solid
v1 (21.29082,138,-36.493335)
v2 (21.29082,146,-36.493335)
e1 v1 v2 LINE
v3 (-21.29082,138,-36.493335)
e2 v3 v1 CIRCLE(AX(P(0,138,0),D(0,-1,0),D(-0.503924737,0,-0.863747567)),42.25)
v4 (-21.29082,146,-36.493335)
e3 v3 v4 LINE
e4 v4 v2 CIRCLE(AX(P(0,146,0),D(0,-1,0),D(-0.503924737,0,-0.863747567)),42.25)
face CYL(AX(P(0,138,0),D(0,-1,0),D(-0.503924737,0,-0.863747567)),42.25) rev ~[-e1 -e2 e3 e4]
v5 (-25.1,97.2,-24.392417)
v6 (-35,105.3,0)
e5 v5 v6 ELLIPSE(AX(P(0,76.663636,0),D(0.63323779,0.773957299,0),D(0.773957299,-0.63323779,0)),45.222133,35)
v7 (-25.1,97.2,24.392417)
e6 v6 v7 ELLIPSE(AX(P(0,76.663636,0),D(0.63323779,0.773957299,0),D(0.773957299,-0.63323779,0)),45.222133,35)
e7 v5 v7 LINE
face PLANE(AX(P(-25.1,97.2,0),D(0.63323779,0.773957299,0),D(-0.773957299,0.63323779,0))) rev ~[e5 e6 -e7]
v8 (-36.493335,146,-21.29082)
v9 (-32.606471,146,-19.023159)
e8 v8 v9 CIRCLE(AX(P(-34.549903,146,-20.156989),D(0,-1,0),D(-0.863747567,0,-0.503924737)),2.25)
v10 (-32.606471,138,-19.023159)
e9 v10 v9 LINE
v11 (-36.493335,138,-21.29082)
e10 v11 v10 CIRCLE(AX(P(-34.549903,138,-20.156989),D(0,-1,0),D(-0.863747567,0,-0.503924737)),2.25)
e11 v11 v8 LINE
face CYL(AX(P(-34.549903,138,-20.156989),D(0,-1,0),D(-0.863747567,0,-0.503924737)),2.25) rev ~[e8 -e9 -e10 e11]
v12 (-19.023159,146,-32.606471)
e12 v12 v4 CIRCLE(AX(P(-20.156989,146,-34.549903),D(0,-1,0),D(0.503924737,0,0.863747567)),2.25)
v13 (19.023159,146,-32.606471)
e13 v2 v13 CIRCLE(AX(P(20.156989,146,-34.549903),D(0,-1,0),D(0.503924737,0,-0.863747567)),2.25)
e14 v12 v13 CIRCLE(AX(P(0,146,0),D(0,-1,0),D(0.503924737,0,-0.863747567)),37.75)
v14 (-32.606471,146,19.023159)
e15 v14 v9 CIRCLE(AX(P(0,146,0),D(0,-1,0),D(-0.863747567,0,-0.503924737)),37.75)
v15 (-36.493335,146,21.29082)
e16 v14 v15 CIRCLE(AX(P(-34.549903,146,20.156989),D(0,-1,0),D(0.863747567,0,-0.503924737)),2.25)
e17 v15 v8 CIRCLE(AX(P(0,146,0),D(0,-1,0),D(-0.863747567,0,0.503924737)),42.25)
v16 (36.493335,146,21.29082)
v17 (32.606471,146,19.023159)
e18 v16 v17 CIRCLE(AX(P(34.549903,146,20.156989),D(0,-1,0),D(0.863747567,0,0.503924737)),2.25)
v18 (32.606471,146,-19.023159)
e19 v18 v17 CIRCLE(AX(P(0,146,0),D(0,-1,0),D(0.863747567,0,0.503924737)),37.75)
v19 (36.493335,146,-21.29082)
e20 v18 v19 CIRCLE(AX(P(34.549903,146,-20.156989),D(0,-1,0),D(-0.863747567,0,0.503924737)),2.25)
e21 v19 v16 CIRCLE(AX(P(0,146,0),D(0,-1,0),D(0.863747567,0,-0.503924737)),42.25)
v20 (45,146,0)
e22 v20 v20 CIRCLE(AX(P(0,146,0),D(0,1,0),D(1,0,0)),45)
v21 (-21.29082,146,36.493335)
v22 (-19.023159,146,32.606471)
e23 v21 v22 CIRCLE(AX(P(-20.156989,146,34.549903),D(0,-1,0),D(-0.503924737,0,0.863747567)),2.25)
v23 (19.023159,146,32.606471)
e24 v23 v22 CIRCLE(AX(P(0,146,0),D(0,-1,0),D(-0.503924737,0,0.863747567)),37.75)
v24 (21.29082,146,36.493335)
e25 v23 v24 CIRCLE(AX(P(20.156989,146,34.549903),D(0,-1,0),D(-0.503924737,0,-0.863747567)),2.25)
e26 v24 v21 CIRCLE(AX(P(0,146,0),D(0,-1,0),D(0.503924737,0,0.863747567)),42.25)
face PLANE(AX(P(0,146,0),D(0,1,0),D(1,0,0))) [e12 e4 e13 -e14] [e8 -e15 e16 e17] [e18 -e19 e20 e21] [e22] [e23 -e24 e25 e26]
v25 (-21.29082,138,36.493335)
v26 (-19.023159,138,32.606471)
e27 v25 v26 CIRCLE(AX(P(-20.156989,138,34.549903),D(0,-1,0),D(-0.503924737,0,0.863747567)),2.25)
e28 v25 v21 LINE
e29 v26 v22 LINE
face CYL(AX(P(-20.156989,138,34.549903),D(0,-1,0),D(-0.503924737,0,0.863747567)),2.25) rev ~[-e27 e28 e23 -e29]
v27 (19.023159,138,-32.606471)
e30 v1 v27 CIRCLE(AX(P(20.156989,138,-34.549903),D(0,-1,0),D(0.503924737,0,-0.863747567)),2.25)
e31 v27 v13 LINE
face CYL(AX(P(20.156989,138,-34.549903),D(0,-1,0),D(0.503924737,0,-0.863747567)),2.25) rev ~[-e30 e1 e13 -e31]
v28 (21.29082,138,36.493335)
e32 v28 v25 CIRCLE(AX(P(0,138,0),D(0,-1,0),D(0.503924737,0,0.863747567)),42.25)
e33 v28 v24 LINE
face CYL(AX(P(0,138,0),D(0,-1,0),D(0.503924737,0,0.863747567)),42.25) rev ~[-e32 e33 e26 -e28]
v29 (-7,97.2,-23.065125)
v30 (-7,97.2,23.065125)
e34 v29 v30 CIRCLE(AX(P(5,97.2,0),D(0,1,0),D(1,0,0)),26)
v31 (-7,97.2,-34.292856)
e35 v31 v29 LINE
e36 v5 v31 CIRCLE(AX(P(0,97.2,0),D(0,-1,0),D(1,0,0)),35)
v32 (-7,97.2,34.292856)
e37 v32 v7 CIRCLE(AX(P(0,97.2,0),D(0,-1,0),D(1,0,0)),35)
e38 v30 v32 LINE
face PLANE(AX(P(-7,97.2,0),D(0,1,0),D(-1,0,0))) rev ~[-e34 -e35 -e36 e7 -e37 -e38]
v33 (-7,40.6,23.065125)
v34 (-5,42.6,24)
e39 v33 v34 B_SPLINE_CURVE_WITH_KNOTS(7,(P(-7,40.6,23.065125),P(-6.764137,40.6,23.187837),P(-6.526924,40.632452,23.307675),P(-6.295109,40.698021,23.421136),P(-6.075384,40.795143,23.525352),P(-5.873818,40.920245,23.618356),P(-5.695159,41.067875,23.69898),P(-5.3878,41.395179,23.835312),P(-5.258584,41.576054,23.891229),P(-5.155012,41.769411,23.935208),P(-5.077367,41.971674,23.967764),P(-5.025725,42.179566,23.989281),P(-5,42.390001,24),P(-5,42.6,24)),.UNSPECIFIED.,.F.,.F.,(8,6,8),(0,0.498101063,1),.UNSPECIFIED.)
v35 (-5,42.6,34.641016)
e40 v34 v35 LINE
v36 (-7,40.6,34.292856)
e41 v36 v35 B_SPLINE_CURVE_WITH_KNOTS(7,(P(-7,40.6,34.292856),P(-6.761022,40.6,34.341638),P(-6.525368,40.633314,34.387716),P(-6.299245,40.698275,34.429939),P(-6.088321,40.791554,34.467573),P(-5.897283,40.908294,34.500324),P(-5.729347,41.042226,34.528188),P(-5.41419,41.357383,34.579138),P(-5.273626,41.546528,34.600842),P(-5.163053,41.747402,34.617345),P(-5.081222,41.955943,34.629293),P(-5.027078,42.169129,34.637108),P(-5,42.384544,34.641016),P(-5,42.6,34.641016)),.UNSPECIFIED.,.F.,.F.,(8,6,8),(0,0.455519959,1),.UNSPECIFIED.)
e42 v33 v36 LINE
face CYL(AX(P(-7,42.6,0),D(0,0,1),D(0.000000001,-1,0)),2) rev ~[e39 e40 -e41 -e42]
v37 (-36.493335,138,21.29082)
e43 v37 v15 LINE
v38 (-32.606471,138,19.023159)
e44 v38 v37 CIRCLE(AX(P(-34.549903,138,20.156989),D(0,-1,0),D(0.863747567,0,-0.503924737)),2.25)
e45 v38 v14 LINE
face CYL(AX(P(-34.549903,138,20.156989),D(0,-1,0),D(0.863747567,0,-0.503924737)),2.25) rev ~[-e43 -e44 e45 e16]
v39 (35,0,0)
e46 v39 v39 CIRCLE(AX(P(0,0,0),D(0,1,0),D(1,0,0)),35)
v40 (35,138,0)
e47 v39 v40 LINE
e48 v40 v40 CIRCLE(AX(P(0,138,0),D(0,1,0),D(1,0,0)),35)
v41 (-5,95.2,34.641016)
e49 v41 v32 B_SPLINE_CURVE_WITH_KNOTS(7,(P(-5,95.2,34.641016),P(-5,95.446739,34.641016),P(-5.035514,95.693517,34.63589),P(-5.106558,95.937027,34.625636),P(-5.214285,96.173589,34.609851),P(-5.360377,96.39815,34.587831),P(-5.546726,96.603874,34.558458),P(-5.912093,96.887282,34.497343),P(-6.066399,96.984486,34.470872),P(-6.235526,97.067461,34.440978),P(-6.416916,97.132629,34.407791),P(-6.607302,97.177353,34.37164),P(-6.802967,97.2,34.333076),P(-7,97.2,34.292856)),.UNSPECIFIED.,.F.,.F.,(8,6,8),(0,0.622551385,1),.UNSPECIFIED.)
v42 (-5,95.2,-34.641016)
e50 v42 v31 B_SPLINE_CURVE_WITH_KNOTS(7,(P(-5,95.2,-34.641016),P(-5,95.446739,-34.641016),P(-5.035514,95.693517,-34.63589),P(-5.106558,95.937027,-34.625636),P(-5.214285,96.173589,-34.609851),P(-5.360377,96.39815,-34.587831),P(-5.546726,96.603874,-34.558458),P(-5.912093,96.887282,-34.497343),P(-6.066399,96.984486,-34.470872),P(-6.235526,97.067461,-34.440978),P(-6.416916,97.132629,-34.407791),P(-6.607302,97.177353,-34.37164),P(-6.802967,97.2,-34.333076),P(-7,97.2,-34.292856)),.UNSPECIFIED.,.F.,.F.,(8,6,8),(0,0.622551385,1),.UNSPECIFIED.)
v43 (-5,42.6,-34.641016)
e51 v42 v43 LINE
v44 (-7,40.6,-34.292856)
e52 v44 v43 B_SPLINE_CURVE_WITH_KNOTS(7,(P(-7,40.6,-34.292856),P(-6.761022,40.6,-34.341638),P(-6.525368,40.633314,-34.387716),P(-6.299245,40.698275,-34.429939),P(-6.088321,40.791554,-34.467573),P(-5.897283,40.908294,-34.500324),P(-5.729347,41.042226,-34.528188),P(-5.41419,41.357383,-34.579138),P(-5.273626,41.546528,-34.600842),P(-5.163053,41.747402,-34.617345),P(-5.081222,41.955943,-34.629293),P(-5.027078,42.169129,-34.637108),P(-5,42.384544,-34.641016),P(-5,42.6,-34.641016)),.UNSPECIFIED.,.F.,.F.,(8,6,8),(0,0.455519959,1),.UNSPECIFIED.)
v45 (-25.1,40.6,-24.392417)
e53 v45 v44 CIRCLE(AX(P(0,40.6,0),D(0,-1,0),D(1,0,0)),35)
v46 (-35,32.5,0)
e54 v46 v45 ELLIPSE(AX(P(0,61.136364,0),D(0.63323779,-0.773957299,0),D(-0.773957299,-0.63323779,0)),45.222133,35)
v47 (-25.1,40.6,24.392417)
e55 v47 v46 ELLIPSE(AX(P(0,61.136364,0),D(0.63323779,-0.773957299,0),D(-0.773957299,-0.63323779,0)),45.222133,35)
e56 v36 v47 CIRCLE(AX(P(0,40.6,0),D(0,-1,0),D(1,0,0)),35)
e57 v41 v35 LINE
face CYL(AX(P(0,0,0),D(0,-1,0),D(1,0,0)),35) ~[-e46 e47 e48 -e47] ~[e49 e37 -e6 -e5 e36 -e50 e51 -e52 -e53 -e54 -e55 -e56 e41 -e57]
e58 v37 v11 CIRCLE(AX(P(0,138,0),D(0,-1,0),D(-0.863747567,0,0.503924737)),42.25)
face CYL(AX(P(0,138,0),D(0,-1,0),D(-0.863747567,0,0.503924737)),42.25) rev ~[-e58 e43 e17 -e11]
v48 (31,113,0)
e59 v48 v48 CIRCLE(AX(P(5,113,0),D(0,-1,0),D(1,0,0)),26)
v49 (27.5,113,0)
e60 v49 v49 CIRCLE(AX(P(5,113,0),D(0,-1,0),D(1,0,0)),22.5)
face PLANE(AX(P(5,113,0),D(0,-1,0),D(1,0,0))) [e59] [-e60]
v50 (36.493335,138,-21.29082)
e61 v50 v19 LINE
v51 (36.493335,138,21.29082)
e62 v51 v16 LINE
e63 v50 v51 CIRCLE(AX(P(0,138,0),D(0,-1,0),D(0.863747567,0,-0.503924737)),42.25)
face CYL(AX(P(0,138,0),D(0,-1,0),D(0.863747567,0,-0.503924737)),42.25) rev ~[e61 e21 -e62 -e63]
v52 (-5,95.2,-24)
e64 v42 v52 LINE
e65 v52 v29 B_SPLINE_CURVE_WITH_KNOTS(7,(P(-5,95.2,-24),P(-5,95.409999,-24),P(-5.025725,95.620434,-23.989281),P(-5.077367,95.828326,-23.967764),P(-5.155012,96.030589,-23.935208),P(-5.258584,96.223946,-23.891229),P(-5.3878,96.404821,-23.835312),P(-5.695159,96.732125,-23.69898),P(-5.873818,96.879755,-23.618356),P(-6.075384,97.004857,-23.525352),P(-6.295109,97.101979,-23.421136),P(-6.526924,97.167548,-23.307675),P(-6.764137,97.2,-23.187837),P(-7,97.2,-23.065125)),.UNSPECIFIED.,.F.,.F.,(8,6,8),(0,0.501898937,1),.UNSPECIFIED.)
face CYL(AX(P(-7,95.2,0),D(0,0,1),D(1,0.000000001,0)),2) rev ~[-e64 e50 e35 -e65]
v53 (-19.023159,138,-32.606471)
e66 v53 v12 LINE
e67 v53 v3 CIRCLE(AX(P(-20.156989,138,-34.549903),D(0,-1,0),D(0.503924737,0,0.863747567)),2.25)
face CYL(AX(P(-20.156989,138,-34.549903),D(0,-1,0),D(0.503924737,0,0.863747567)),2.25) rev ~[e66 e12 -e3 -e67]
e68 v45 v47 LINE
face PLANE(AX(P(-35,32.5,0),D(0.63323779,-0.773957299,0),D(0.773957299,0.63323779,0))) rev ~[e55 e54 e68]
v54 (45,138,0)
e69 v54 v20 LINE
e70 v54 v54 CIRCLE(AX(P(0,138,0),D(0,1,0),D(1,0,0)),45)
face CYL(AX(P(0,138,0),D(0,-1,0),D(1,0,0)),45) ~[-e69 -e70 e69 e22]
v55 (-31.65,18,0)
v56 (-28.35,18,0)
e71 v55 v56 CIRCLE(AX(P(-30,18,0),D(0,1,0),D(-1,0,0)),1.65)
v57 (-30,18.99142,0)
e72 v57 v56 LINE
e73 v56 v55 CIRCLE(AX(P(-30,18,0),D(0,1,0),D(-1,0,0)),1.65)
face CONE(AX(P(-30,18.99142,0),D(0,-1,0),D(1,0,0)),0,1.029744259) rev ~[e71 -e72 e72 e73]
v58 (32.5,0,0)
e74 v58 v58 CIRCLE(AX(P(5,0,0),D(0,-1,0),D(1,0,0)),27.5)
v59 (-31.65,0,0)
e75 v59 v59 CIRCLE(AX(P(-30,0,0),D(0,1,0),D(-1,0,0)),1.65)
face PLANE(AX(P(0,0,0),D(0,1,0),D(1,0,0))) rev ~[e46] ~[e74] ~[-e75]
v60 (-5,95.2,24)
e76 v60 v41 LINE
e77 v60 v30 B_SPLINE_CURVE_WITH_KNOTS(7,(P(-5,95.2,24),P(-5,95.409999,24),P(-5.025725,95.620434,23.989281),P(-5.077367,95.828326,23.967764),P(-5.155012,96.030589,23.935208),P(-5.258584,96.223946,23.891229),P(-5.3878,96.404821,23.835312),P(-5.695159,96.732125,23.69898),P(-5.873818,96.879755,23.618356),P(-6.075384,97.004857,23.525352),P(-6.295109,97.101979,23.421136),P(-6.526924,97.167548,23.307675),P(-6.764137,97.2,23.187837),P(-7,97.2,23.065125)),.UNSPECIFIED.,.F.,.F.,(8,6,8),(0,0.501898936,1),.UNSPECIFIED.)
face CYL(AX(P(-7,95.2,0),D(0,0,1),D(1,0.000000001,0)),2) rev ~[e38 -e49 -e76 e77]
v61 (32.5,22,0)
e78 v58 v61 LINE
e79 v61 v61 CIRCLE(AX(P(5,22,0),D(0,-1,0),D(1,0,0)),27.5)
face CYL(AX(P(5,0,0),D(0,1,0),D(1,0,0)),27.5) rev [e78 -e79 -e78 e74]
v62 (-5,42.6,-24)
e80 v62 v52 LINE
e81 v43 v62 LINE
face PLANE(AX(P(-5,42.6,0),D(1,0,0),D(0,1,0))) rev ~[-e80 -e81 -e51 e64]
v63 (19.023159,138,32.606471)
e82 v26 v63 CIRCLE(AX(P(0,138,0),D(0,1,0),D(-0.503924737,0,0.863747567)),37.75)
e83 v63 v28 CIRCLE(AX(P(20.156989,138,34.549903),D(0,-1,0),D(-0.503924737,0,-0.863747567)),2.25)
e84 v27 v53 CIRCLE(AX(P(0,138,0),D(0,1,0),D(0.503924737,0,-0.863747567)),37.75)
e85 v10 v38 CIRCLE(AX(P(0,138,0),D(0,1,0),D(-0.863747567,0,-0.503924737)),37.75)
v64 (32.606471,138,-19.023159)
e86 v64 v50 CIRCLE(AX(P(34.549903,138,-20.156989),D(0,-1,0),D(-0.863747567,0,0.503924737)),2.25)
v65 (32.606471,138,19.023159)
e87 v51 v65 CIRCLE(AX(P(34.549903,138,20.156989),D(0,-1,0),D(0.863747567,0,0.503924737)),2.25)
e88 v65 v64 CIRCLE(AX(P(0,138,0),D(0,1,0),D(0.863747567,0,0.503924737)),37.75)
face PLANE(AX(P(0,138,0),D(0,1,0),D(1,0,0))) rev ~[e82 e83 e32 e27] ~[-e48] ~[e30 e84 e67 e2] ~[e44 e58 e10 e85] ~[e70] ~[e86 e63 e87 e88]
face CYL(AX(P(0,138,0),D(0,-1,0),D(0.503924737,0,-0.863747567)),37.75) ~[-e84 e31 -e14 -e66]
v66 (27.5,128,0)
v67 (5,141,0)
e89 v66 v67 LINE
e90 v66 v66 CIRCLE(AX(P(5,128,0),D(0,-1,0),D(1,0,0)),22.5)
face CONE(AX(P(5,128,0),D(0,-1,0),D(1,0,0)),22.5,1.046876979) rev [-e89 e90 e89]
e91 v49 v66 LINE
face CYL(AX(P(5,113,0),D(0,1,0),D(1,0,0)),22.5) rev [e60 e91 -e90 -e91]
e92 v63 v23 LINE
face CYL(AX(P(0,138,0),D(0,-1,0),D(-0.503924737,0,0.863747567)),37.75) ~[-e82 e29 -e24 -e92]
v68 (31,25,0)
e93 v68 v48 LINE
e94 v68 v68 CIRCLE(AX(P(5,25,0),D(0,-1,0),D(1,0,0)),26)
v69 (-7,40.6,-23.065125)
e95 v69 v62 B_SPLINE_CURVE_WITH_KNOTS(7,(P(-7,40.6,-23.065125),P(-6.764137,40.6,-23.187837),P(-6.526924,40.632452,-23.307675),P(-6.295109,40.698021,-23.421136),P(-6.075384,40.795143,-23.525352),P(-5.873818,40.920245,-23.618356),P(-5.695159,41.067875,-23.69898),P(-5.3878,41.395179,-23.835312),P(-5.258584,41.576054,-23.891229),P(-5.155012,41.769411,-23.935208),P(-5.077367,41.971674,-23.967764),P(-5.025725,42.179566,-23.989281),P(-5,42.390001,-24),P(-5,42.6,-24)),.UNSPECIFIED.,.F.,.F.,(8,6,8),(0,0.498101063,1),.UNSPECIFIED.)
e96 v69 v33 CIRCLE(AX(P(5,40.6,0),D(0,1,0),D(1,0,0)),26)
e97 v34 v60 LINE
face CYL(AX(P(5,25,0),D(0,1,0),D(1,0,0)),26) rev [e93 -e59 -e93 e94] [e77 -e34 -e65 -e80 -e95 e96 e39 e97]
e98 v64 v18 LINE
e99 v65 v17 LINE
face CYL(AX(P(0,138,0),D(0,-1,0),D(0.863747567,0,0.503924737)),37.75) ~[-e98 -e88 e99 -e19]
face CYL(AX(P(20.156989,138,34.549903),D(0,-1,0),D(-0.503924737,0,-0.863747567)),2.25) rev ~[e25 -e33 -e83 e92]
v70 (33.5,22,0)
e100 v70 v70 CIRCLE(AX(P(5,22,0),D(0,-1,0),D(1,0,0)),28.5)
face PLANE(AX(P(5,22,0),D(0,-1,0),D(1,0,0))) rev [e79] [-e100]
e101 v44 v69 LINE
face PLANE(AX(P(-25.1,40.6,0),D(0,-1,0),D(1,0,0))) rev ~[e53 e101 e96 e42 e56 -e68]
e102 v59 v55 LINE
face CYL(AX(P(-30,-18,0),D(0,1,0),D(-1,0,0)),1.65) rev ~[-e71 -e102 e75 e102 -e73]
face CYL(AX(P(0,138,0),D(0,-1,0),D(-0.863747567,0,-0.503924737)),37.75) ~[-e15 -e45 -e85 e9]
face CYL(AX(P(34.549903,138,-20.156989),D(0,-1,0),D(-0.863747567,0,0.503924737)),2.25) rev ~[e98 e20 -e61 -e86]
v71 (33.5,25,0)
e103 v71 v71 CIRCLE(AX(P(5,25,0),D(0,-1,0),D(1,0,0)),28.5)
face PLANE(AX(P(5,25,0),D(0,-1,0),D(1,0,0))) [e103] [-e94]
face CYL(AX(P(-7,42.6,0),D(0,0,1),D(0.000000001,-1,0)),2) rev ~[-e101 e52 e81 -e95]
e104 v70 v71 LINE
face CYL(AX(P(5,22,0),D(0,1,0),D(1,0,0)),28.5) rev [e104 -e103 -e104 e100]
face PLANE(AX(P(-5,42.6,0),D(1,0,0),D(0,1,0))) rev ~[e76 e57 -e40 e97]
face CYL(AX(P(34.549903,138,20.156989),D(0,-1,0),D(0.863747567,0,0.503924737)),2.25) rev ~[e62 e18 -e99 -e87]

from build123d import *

# Parameters (mm, degrees)
CROQUIS1_R                = 35
SALIENTE_EXTRUIR1_DEPTH   = 138
CROQUIS2_R                = 45
SALIENTE_EXTRUIR2_DEPTH   = 8
CORTAR_EXTRUIR1_DEPTH     = 83.5
CORTAR_EXTRUIR2_DEPTH     = 167
TALADRO_ROSCADO_M41_D     = 3.3
TALADRO_ROSCADO_M41_DEPTH = 18
TALADRO_ROSCADO_M41_TIP   = 0.991420021


with BuildPart() as part:
    # Croquis1 → Saliente-Extruir1 (new body)
    with BuildSketch(Plane(origin=(0, 0, 0), x_dir=(1, 0, 0), z_dir=(0, 1, 0))):
        Circle(CROQUIS1_R)
    extrude(amount=SALIENTE_EXTRUIR1_DEPTH)

    # Croquis2 → Saliente-Extruir2 (add)
    with BuildSketch(Plane(origin=(0, 138, 0), x_dir=(1, 0, 0), z_dir=(0, 1, 0))):
        Circle(CROQUIS2_R)
    extrude(amount=SALIENTE_EXTRUIR2_DEPTH)

    # Croquis3 → Cortar-Revolución1 (revolve, cut)
    with BuildSketch(Plane.XY):
        Polygon((5, 0), (32.5, 0), (32.5, 22), (33.5, 22), (33.5, 25), (31, 25), (31, 113), (27.5, 113), (27.5, 128), (5, 141), align=None)
    revolve(axis=Axis((5, 141, 0), (0, -1, 0)), mode=Mode.SUBTRACT)

    # Croquis4 → Cortar-Extruir1 (cut, symmetric)
    with BuildSketch(Plane.XY):
        with BuildLine():
            Line((-35, 32.5), (-25.1, 40.6))
            Line((-25.1, 40.6), (-7, 40.6))
            ThreePointArc((-7, 40.6), (-5.585786438, 41.185786438), (-5, 42.6))
            Line((-5, 42.6), (-5, 95.2))
            ThreePointArc((-5, 95.2), (-5.585786438, 96.614213562), (-7, 97.2))
            Line((-7, 97.2), (-25.1, 97.2))
            Line((-25.1, 97.2), (-35, 105.3))
            Line((-35, 105.3), (-45, 105.3))
            Line((-45, 105.3), (-45, 32.5))
            Line((-45, 32.5), (-35, 32.5))
        make_face()
    extrude(amount=CORTAR_EXTRUIR1_DEPTH, both=True, mode=Mode.SUBTRACT)

    # Croquis5 → Cortar-Extruir2 (cut)
    with BuildSketch(Plane.XZ.offset(-138)):
        with BuildLine():
            ThreePointArc((-21.290820143, -36.493334702), (0, -42.25), (21.290820143, -36.493334702))
            ThreePointArc((21.290820143, -36.493334702), (22.10042151, -33.416072018), (19.023158826, -32.606470651))
            ThreePointArc((19.023158826, -32.606470651), (0, -37.75), (-19.023158826, -32.606470651))
            ThreePointArc((-19.023158826, -32.606470651), (-22.10042151, -33.416072018), (-21.290820143, -36.493334702))
        make_face()
        with BuildLine():
            ThreePointArc((36.493334702, -21.290820143), (42.25, 0), (36.493334702, 21.290820143))
            ThreePointArc((36.493334702, 21.290820143), (33.416072018, 22.10042151), (32.606470651, 19.023158826))
            ThreePointArc((32.606470651, 19.023158826), (37.75, 0), (32.606470651, -19.023158826))
            ThreePointArc((32.606470651, -19.023158826), (33.416072018, -22.10042151), (36.493334702, -21.290820143))
        make_face()
        with BuildLine():
            ThreePointArc((21.290820143, 36.493334702), (0, 42.25), (-21.290820143, 36.493334702))
            ThreePointArc((-21.290820143, 36.493334702), (-22.10042151, 33.416072018), (-19.023158826, 32.606470651))
            ThreePointArc((-19.023158826, 32.606470651), (0, 37.75), (19.023158826, 32.606470651))
            ThreePointArc((19.023158826, 32.606470651), (22.10042151, 33.416072018), (21.290820143, 36.493334702))
        make_face()
        with BuildLine():
            ThreePointArc((-36.493334702, 21.290820143), (-42.25, 0), (-36.493334702, -21.290820143))
            ThreePointArc((-36.493334702, -21.290820143), (-33.416072018, -22.10042151), (-32.606470651, -19.023158826))
            ThreePointArc((-32.606470651, -19.023158826), (-37.75, 0), (-32.606470651, 19.023158826))
            ThreePointArc((-32.606470651, 19.023158826), (-33.416072018, 22.10042151), (-36.493334702, 21.290820143))
        make_face()
    extrude(amount=-CORTAR_EXTRUIR2_DEPTH, mode=Mode.SUBTRACT)

    # Taladro roscado M41
    with Locations(Plane.XZ):
        with Locations((-30, 0)):
            Hole(TALADRO_ROSCADO_M41_D / 2, depth=TALADRO_ROSCADO_M41_DEPTH)
            with Locations((0, 0, -(TALADRO_ROSCADO_M41_DEPTH + TALADRO_ROSCADO_M41_TIP / 2))):  # 118° drill point
                Cone(0, TALADRO_ROSCADO_M41_D / 2, TALADRO_ROSCADO_M41_TIP, mode=Mode.SUBTRACT)


solid = part.part
